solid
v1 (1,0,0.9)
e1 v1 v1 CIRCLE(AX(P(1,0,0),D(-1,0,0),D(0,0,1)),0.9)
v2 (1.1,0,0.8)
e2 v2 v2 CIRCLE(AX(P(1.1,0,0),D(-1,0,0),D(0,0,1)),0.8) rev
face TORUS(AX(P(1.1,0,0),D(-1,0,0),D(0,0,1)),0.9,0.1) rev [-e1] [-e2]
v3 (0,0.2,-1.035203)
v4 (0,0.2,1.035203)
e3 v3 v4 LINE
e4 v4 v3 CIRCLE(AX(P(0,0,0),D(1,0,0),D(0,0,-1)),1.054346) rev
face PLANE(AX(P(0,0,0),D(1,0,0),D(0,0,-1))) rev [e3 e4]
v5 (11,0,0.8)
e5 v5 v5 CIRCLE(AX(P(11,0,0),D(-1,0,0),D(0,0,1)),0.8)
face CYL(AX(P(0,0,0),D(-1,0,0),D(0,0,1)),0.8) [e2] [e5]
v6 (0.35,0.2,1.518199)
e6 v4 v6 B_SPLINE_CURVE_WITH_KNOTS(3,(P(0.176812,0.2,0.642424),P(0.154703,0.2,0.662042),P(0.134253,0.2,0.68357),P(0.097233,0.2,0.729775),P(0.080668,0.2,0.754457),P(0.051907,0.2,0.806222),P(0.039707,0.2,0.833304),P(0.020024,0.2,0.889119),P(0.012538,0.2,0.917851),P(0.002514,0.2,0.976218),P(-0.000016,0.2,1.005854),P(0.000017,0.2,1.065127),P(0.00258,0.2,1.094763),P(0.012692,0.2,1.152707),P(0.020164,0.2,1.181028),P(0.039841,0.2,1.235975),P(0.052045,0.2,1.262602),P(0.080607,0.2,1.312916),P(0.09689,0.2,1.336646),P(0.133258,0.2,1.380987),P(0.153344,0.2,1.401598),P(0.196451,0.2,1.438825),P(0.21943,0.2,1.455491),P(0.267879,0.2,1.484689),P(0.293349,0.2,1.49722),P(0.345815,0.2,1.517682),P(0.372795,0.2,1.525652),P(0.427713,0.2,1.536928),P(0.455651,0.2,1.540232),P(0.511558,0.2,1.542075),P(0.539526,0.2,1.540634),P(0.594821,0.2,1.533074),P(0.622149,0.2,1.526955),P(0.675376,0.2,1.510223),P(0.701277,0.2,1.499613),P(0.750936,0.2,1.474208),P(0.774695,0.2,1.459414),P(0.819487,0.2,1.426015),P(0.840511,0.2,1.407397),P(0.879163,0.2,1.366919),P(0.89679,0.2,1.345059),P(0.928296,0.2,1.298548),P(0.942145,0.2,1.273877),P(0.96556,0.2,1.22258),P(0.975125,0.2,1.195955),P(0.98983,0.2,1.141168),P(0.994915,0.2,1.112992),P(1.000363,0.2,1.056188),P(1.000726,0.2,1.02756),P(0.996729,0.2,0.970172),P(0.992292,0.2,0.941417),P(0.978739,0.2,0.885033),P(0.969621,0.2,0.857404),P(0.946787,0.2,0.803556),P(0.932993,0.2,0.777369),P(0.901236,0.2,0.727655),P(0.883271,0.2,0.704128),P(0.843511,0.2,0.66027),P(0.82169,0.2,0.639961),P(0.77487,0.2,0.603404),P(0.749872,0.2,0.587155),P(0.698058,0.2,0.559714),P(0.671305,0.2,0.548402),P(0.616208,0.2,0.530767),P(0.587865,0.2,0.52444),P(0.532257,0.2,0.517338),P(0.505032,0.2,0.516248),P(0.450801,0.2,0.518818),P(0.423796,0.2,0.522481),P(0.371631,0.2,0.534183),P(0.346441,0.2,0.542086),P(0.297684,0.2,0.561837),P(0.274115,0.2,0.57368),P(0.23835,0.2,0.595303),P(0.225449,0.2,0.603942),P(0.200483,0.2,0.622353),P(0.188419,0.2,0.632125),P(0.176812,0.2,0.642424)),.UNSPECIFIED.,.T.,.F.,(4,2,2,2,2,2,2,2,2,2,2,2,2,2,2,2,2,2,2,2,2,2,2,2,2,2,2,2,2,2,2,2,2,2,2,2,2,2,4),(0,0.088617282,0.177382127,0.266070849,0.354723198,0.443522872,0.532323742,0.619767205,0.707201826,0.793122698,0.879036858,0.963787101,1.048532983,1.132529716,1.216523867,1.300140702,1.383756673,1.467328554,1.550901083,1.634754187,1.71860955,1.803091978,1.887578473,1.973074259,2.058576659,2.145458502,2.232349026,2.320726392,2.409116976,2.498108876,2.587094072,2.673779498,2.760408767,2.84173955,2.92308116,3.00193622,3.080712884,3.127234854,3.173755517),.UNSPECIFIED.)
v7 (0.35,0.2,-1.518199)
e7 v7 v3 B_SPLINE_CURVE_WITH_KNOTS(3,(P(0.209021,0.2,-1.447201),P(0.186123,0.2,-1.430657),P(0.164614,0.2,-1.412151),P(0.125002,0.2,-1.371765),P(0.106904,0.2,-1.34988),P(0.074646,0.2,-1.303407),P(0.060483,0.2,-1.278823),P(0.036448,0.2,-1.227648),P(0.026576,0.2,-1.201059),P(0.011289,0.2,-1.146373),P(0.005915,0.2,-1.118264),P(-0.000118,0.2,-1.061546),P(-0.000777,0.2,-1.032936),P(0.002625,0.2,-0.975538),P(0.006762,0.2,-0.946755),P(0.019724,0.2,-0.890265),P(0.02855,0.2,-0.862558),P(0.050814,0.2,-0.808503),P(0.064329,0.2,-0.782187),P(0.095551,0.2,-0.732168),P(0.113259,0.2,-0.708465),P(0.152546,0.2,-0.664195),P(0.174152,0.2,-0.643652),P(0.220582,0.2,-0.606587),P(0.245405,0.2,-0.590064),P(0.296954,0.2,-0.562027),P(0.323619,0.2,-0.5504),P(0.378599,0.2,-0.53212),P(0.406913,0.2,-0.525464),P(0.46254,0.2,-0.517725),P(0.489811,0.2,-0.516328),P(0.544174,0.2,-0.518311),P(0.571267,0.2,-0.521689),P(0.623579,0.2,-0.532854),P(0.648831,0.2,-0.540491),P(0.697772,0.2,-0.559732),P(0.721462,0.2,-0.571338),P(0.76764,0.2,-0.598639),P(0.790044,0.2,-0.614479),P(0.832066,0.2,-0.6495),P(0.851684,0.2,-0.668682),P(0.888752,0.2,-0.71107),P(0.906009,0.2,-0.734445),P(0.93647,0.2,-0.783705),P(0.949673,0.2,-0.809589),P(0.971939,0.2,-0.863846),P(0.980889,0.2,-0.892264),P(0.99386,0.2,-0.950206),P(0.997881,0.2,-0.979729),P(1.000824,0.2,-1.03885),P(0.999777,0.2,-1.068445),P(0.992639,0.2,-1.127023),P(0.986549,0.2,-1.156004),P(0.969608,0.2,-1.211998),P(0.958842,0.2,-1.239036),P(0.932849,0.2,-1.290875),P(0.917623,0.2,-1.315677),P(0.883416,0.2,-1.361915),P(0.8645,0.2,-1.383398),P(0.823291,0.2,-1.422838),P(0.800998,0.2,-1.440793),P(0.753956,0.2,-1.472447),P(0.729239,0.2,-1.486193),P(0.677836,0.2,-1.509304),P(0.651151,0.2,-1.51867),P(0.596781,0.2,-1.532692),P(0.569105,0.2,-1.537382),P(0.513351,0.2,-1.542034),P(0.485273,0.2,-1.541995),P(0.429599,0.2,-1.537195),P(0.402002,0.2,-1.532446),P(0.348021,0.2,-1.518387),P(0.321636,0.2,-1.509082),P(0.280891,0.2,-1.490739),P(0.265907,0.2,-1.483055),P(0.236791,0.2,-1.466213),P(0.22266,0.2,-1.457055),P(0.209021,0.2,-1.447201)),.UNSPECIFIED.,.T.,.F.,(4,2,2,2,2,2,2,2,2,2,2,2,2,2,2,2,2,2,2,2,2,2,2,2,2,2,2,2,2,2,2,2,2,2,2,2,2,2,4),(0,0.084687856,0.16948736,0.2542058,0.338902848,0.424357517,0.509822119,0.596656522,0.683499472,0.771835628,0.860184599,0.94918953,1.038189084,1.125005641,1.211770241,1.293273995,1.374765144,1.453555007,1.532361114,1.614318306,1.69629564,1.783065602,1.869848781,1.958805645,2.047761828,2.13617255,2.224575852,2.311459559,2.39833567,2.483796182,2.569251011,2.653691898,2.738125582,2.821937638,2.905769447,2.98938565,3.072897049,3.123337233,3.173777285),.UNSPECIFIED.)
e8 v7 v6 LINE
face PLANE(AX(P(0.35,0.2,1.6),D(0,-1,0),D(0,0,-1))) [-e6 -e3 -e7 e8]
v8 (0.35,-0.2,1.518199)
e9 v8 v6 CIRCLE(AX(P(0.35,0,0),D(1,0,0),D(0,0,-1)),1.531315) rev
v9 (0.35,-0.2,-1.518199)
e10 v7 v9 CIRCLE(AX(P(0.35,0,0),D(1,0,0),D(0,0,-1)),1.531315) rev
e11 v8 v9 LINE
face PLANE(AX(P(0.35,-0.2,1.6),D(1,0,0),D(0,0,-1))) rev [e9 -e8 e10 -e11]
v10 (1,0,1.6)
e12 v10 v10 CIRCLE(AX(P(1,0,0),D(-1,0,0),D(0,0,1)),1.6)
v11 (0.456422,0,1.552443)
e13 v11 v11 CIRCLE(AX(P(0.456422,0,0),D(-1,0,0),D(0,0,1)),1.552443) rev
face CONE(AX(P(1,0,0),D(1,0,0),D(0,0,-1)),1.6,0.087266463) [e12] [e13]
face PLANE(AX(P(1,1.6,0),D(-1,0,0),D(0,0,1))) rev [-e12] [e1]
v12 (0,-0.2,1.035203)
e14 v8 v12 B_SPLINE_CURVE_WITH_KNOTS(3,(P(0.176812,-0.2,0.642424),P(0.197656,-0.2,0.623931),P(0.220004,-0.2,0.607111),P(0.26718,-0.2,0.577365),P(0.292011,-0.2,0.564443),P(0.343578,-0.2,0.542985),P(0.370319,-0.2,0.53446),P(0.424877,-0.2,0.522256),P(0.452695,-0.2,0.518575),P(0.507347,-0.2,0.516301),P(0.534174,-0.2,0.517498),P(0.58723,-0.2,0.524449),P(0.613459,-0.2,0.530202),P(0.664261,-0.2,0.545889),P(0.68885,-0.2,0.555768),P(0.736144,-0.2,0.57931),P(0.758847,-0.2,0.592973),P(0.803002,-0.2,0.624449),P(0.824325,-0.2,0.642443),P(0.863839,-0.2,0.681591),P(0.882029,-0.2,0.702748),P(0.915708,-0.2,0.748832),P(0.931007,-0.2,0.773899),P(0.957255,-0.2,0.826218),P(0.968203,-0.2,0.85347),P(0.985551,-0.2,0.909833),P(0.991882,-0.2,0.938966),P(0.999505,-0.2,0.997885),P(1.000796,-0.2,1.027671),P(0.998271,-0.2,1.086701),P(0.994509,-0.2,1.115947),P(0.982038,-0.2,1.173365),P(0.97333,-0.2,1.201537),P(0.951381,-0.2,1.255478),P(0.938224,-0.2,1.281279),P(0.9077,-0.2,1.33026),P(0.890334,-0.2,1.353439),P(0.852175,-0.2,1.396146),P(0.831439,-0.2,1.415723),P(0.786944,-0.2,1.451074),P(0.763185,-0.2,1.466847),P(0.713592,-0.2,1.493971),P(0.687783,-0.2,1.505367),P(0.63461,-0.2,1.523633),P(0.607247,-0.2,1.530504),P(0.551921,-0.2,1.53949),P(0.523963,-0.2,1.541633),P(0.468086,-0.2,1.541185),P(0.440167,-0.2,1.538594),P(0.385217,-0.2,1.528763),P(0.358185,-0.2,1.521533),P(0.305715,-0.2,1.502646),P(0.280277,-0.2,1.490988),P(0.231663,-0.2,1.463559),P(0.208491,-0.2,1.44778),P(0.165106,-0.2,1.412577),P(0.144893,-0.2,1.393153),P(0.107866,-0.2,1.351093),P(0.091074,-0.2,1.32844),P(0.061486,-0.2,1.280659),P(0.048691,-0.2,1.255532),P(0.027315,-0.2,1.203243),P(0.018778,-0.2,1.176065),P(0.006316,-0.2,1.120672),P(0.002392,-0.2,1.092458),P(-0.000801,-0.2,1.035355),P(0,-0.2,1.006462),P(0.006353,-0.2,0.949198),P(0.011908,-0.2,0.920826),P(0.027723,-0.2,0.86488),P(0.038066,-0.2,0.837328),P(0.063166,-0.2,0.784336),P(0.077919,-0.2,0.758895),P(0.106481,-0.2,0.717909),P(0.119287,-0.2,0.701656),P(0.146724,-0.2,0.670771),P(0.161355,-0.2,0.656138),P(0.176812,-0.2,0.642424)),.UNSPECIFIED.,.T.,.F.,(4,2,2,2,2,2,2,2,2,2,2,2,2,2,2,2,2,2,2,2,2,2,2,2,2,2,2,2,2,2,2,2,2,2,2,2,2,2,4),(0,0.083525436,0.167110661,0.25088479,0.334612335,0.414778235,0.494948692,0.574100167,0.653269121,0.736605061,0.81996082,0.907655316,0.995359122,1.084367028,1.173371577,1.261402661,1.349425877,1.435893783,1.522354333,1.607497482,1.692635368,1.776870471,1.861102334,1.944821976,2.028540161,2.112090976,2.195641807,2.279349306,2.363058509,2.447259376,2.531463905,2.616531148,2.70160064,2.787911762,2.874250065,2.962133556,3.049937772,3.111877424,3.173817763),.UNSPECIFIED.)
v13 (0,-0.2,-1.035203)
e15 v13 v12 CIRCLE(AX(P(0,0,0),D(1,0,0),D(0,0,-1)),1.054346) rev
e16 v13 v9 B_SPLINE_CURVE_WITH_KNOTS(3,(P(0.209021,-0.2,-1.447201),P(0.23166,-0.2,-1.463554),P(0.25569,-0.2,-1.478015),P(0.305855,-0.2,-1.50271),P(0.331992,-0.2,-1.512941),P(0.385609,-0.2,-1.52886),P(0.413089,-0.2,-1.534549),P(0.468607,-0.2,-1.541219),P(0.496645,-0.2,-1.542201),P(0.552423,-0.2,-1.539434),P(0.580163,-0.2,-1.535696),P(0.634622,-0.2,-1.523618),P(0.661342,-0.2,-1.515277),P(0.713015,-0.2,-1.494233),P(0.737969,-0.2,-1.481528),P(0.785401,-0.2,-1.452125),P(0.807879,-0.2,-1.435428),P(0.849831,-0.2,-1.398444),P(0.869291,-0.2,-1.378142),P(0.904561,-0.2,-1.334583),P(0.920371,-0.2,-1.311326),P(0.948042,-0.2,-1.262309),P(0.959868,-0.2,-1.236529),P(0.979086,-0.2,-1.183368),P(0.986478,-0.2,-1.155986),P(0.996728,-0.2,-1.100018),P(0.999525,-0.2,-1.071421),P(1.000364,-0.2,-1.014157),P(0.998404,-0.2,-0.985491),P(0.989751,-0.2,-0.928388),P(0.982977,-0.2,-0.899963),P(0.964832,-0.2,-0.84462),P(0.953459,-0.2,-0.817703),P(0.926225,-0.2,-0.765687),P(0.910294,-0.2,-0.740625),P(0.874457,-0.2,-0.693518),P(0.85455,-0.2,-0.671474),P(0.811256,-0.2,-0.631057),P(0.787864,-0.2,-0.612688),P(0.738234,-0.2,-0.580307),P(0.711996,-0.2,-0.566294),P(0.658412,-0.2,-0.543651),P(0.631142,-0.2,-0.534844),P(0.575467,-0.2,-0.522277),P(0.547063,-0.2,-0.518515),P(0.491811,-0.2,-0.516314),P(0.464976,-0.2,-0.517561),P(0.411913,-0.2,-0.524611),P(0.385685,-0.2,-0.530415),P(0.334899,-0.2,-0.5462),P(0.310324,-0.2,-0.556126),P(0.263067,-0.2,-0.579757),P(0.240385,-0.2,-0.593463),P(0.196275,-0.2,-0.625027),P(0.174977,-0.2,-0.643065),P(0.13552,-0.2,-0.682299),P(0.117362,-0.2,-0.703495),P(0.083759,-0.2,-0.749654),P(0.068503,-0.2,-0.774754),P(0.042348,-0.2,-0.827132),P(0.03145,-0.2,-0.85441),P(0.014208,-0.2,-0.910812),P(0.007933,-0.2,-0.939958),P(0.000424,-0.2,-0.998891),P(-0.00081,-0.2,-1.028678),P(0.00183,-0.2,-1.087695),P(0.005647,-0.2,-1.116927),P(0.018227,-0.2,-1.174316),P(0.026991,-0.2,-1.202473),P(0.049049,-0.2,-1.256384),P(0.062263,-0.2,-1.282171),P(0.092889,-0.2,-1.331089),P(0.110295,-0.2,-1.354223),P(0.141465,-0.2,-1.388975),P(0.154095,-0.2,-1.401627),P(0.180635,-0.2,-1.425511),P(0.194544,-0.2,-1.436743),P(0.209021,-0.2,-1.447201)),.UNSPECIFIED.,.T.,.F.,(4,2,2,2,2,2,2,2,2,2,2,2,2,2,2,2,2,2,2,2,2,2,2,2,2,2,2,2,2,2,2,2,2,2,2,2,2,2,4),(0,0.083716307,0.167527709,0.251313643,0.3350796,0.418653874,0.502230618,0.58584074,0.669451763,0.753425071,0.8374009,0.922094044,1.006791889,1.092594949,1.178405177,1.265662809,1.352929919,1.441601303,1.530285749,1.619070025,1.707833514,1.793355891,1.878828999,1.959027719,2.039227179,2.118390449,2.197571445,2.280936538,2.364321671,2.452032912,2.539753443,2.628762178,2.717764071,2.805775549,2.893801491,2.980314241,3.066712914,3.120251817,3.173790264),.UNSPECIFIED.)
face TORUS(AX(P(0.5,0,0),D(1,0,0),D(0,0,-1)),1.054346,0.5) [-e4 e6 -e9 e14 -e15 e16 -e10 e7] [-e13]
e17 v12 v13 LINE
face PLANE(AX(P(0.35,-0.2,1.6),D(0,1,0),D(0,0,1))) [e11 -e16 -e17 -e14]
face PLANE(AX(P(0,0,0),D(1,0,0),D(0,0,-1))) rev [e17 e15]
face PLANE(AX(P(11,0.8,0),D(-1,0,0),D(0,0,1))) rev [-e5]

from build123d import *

# Parameters (mm, degrees)
FILLET1_R     = 0.1
HEAD_RADIUS_R = 0.5
SLOTSKE_W     = 3.2
SLOTSKE_H     = 0.4
SLOT_DEPTH    = 0.35


with BuildPart() as part:
    # BodySke → BaseBody (revolve)
    with BuildSketch(Plane.XY, mode=Mode.PRIVATE) as basebody_sk:
        Polygon((0, 0), (0, 1.512511336), (1, 1.6), (1, 0.8), (11, 0.8), (11, 0), align=None)
    revolve(basebody_sk.sketch.rotate(Axis((0, 0, 0), (1, 0, 0)), 90), axis=Axis((0, 0, 0), (1, 0, 0)))

    # Fillet1
    fillet1_edges = [part.edges().sort_by_distance(p)[0] for p in [
        (1, 0, -0.8),
    ]]
    fillet(fillet1_edges, radius=FILLET1_R)

    # Head_Radius
    head_radius_edges = [part.edges().sort_by_distance(p)[0] for p in [
        (0, 0, -1.512511336),
    ]]
    fillet(head_radius_edges, radius=HEAD_RADIUS_R)

    # SlotSke → Slot (cut)
    with BuildSketch(Plane(origin=(0, 0, 0), x_dir=(0, 0, -1), z_dir=(1, 0, 0))):
        Rectangle(SLOTSKE_W, SLOTSKE_H)
    extrude(amount=SLOT_DEPTH, mode=Mode.SUBTRACT)


solid = part.part
